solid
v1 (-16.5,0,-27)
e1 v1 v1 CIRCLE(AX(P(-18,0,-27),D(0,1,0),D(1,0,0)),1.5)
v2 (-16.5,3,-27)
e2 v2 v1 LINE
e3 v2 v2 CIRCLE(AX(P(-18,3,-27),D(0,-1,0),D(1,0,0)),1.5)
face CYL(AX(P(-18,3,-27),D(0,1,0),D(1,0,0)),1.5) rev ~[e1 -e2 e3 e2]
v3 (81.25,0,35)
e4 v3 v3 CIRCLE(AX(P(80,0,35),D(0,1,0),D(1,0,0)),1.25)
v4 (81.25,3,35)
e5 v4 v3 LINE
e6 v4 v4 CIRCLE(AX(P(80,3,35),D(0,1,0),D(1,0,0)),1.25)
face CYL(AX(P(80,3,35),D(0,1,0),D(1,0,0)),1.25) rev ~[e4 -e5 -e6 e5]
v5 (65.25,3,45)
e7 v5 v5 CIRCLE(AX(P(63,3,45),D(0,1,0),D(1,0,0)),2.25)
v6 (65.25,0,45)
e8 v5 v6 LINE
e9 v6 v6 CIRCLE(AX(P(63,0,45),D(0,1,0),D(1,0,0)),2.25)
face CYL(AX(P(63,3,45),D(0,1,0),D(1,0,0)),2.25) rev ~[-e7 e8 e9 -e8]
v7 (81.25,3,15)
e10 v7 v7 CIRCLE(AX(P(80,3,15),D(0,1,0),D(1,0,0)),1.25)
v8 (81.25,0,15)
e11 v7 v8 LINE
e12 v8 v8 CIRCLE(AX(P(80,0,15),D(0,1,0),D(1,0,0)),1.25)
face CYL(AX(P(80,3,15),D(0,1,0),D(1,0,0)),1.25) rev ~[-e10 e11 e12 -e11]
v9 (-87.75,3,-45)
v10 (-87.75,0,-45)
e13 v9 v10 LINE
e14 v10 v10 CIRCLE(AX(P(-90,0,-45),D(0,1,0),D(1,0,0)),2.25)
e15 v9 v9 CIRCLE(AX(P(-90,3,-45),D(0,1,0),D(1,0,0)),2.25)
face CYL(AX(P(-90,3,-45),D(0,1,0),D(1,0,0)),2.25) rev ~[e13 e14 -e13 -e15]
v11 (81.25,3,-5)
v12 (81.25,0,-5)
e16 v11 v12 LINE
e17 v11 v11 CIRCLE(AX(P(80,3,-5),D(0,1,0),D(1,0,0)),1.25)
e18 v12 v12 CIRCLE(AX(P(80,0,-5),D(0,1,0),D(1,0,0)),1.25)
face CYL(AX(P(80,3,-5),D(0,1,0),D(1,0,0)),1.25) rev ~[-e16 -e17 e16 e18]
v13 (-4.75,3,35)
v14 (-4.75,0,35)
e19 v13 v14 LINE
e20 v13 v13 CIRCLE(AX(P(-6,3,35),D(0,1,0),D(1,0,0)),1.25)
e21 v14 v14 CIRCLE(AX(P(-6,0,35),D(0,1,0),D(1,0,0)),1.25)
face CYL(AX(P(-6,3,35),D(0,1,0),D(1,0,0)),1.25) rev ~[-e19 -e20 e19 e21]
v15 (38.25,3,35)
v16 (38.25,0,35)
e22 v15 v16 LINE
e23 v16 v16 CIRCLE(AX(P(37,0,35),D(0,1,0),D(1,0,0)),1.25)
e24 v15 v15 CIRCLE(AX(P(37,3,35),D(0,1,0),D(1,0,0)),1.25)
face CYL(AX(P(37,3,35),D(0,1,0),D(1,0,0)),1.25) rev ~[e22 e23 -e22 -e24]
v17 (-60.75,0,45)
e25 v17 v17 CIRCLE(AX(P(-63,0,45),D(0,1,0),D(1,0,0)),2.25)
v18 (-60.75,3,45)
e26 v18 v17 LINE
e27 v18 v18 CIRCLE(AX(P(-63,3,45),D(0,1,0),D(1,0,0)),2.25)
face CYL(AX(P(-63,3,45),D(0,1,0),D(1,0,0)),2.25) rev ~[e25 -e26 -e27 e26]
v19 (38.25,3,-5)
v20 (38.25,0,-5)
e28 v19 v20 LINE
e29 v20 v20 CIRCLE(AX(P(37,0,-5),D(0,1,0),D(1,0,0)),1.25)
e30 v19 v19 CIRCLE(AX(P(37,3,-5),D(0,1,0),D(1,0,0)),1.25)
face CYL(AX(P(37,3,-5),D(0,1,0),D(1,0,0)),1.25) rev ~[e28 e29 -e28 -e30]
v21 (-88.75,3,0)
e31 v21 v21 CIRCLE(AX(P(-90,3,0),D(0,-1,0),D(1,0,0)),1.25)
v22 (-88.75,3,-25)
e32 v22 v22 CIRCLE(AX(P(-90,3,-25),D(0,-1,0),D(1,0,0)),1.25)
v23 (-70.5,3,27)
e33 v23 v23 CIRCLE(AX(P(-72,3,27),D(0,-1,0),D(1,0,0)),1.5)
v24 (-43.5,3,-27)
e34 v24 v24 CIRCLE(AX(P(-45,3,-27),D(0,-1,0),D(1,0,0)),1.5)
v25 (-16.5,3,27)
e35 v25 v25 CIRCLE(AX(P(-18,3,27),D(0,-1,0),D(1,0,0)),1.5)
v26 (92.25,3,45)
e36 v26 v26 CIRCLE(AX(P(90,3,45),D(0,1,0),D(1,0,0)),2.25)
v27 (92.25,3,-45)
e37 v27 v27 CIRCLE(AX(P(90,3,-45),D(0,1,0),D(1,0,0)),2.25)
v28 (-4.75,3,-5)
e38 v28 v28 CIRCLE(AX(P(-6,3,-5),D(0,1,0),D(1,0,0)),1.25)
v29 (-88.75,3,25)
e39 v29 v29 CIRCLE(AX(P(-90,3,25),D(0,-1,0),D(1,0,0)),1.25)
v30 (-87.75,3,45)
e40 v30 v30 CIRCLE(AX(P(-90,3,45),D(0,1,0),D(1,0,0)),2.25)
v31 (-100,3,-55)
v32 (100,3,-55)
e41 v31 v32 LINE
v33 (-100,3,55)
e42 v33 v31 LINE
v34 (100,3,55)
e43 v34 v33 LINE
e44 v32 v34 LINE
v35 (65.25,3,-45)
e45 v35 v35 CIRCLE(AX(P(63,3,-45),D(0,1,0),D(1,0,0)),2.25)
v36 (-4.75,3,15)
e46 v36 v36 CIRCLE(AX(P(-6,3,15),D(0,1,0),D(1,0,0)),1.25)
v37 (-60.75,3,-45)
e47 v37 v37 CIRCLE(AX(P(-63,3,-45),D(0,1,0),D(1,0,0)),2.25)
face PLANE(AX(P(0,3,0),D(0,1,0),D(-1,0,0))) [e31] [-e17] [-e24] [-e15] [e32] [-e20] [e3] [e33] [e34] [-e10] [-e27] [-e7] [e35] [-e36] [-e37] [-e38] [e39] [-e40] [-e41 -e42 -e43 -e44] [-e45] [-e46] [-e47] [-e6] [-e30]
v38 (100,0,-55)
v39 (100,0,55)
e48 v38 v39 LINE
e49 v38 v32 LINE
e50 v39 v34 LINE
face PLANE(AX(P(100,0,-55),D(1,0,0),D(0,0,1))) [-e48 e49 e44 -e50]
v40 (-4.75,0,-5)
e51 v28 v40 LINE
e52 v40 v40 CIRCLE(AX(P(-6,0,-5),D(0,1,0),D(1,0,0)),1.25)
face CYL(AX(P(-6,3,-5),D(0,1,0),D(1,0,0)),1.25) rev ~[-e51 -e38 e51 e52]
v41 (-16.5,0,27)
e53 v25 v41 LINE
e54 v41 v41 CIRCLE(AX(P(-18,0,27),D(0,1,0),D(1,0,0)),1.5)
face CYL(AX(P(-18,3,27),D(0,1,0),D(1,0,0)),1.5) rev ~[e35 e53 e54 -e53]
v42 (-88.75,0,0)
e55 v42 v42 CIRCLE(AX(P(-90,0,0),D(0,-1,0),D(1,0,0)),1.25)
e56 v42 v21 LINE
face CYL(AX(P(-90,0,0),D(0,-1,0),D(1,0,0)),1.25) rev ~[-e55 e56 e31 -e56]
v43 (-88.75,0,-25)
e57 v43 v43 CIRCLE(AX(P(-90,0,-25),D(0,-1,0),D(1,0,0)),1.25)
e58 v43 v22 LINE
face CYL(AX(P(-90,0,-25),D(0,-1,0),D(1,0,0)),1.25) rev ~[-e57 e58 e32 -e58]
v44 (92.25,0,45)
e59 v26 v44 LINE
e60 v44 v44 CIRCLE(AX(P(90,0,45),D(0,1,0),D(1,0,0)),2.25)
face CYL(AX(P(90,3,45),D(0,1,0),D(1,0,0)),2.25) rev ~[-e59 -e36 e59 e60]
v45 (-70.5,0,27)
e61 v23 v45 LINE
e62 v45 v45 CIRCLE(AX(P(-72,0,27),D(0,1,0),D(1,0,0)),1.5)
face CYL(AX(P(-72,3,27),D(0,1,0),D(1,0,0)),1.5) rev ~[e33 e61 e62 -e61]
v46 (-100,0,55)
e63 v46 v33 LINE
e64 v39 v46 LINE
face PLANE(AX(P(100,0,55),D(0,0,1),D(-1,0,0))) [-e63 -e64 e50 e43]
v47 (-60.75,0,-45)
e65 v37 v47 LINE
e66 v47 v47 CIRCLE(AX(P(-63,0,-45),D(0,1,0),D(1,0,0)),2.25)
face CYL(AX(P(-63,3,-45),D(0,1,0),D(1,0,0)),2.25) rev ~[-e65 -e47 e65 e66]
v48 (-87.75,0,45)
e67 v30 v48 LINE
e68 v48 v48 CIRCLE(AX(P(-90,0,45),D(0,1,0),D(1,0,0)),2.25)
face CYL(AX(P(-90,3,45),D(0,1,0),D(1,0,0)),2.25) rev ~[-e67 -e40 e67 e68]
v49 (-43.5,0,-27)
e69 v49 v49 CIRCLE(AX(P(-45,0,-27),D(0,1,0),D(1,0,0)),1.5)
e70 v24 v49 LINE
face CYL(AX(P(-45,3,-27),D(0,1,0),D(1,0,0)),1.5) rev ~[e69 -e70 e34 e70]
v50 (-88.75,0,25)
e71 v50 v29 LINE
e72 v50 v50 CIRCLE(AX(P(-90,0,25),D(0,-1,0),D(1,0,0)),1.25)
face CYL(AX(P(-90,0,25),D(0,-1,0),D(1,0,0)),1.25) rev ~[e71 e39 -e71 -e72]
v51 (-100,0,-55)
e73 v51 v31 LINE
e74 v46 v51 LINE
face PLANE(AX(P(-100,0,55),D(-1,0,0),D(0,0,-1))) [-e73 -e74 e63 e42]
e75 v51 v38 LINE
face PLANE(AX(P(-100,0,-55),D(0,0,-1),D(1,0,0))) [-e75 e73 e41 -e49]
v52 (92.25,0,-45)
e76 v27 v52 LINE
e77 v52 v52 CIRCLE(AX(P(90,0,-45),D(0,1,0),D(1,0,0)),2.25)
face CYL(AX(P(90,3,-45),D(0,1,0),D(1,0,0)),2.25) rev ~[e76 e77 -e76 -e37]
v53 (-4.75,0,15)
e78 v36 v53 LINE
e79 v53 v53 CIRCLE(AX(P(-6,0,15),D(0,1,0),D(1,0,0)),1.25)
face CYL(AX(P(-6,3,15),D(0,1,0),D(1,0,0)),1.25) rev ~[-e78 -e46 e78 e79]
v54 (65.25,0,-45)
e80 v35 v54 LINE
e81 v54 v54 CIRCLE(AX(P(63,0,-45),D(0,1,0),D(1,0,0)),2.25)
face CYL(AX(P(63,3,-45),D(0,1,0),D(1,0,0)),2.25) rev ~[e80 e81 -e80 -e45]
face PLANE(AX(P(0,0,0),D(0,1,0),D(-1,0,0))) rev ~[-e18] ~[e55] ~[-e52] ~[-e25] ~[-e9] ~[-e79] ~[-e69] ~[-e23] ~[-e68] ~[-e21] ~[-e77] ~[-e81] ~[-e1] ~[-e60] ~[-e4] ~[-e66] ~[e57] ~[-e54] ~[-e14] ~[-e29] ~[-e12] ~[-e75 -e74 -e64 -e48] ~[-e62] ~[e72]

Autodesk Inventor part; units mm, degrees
ref_plane "YZ Plane" through (0, 0, 0) normal (1, 0, 0) x (0, 1, 0)
ref_plane "XZ Plane" through (0, 0, 0) normal (0, 1, 0) x (-1, 0, 0)
ref_plane "XY Plane" through (0, 0, 0) normal (0, 0, 1) x (1, 0, 0)
sketch "Sketch1" plane through (0, 0, 0) normal (0, 1, 0) x (-1, 0, 0)
  line L0 (-100, 55) -> (100, 55)
  line L1 (100, 55) -> (100, -55)
  line L2 (100, -55) -> (-100, -55)
  line L3 (-100, -55) -> (-100, 55)
  line L4 (-100, 55) -> (100, -55) construction
  line L5 (100, 55) -> (-100, -55) construction
  point P0 (0, 0)
  dimension "d0" = 200
  dimension "d1" = 110
extrude "Extrusion1" add sketch "Sketch1" along normal blind 3
sketch "Sketch2" plane through (0, 3, 0) normal (0, 1, 0) x (1, 0, 0)
  line L0 (-100, -55) -> (100, -55) construction
  line L1 (100, -55) -> (100, -35) construction
  line L2 (100, -55) -> (100, 55) construction
  line L3 (100, -35) -> (80, -35) construction
  line L4 (80, -35) -> (37, -35) construction
  line L5 (80, -35) -> (123, -35) construction
  line L6 (37, -35) -> (-6, -35) construction
  line L7 (-6, -35) -> (-6, -15) construction
  line L8 (-6, -15) -> (-6, 5) construction
  line L9 (-6, 5) -> (37, 5) construction
  circle A0 centre (80, -35) radius 1.25
  circle A1 centre (37, -35) radius 1.25
  circle A2 centre (-6, -35) radius 1.25
  circle A3 centre (-6, -15) radius 1.25
  circle A4 centre (-6, 5) radius 1.25
  circle A5 centre (37, 5) radius 1.25
  line L10 (37, 5) -> (80, 5) construction
  line L11 (37, 5) -> (80, 5) construction
  line L12 (80, 5) -> (80, -15) construction
  circle A6 centre (80, 5) radius 1.25
  circle A7 centre (80, -15) radius 1.25
  point P0 (0, 0)
  dimension "d4" = 20
  dimension "d5" = 20
  dimension "d6" = 90
  dimension "d7" = 43
  dimension "d8" = 180
  dimension "d9" = 43
  dimension "d10" = 180
  dimension "d11" = 20
  dimension "d12" = 20
  dimension "d13" = 43
  dimension "d14" = 2.5
  dimension "d15" = 2.5
  dimension "d16" = 2.5
  dimension "d17" = 2.5
  dimension "d18" = 2.5
  dimension "d19" = 2.5
  dimension "d24" = 43
  dimension "d25" = 0
  dimension "d26" = 20
  dimension "d27" = 90
  dimension "d28" = 2.5
  dimension "d29" = 2.5
extrude "Extrusion2" cut sketch "Sketch2" against normal blind 3
sketch "Sketch3" plane through (0, 3, 0) normal (0, 1, 0) x (1, 0, 0)
  line L0 (-100, -55) -> (-100, 55) construction
  line L1 (-100, -55) -> (-100, -45) construction
  line L2 (-100, -45) -> (-90, -45) construction
  circle A0 centre (-90, -45) radius 2.25
  line L3 (-90, -45) -> (-90, 45) construction
  line L4 (100, -55) -> (-100, -55) construction
  line L5 (-90, -45) -> (0, -45) construction
  line L6 (-90, 45) -> (90, 45) construction
  line L7 (90, 45) -> (90, -45) construction
  circle A1 centre (-90, 45) radius 2.25
  circle A2 centre (90, 45) radius 2.25
  circle A3 centre (90, -45) radius 2.25
  line L8 (90, -45) -> (63, -45) construction
  line L9 (-90, -45) -> (-63, -45) construction
  line L10 (-90, 45) -> (-63, 45) construction
  line L11 (90, 45) -> (63, 45) construction
  circle A4 centre (63, 45) radius 2.25
  circle A5 centre (63, -45) radius 2.25
  circle A6 centre (-63, -45) radius 2.25
  circle A7 centre (-63, 45) radius 2.25
  point P0 (0, 0)
  dimension "d32" = 10
  dimension "d33" = 10
  dimension "d34" = 4.5
  dimension "d35" = 90
  dimension "d36" = 90
  dimension "d37" = 180
  dimension "d38" = 90
  dimension "d39" = 90
  dimension "d40" = 4.5
  dimension "d41" = 4.5
  dimension "d42" = 4.5
  dimension "d45" = 27
  dimension "d46" = 27
  dimension "d47" = 4.5
  dimension "d48" = 4.5
  dimension "d49" = 4.5
  dimension "d50" = 4.5
  dimension "d64" = 27
  dimension "d65" = 27
extrude "Extrusion4" cut sketch "Sketch3" against normal up to surface (3 mm away)
sketch "Sketch4" plane through (0, 0, 0) normal (0, -1, 0) x (1, 0, 0)
  circle A0 centre (-90, 45) radius 2.25 construction
  circle A1 centre (-63, 45) radius 2.25 construction
  circle A2 centre (-63, -45) radius 2.25 construction
  circle A3 centre (63, 45) radius 2.25 construction
  circle A4 centre (90, 45) radius 2.25 construction
  circle A5 centre (-90, -45) radius 2.25 construction
  circle A6 centre (-90, 45) radius 2.25 construction
  circle A7 centre (90, -45) radius 2.25 construction
  circle A8 centre (63, -45) radius 2.25 construction
  circle A9 centre (80, -5) radius 1.25 construction
  circle A10 centre (-6, -5) radius 1.25 construction
  circle A11 centre (-6, 35) radius 1.25 construction
  circle A12 centre (80, 35) radius 1.25 construction
  circle A13 centre (37, 35) radius 1.25 construction
  circle A14 centre (-6, 15) radius 1.25 construction
  circle A15 centre (37, -5) radius 1.25 construction
  circle A16 centre (80, 15) radius 1.25 construction
  line L0 (100, 55) -> (-100, 55) construction
  line L1 (-100, 55) -> (-100, -55) construction
  line L2 (-100, -55) -> (100, -55) construction
  line L3 (100, -55) -> (100, 55) construction
  circle A17 centre (-63, 45) radius 2.25 construction
  circle A18 centre (-63, -45) radius 2.25 construction
  circle A19 centre (63, 45) radius 2.25 construction
  circle A20 centre (90, 45) radius 2.25 construction
  circle A21 centre (-90, -45) radius 2.25 construction
  circle A22 centre (-90, 45) radius 2.25 construction
  circle A23 centre (90, -45) radius 2.25 construction
  circle A24 centre (63, -45) radius 2.25 construction
  circle A25 centre (80, -5) radius 1.25 construction
  circle A26 centre (-6, -5) radius 1.25 construction
  circle A27 centre (-6, 35) radius 1.25 construction
  circle A28 centre (80, 35) radius 1.25 construction
  circle A29 centre (37, 35) radius 1.25 construction
  circle A30 centre (-6, 15) radius 1.25 construction
  circle A31 centre (37, -5) radius 1.25 construction
  circle A32 centre (80, 15) radius 1.25 construction
  line L4 (100, 55) -> (-100, 55) construction
  line L5 (-100, 55) -> (-100, -55) construction
  line L6 (-100, -55) -> (100, -55) construction
  line L7 (100, -55) -> (100, 55) construction
  line L8 (-90, 45) -> (-90, 0) construction
  line L9 (-90, 45) -> (-45, 45) construction
  circle A33 centre (-90, 0) radius 1.25
  line L10 (-90, 0) -> (-90, 25) construction
  line L11 (-90, 0) -> (-90, -25) construction
  circle A34 centre (-90, 25) radius 1.25
  circle A35 centre (-90, -25) radius 1.25
  point P0 (0, 0)
  dimension "d55" = 45
  dimension "d56" = 90
  dimension "d57" = 2.5
  dimension "d58" = 25
  dimension "d59" = 25
  dimension "d60" = 2.5
  dimension "d61" = 2.5
  dimension "d90" = 10
extrude "Extrusion5" cut sketch "Sketch4" against normal up to surface (3 mm away)
sketch "Sketch5" plane through (0, 3, 0) normal (0, 1, 0) x (1, 0, 0)
  line L0 (-100, -55) -> (100, -55) projected
  line L1 (-71.5, -55) -> (-43.5, -55) construction
  line L2 (-72, -27) -> (-72, 27)
  line L3 (-72, 27) -> (-45, 27)
  line L4 (-72, 27) -> (-45, 27) construction
  line L5 (-72, -27) -> (-18, -27)
  line L6 (-72, -27) -> (-18, -27) construction
  circle A0 centre (-72, -27) radius 1.5
  circle A1 centre (-18, -27) radius 1.5
  circle A2 centre (-45, 27) radius 1.5
  circle A3 centre (-90, -25) radius 1.25 projected
  circle A4 centre (-90, 25) radius 1.25 projected
  circle A5 centre (-90, 0) radius 1.25 projected
  circle A6 centre (-63, -45) radius 2.25 projected
  circle A7 centre (-63, 45) radius 2.25 projected
  circle A8 centre (63, -45) radius 2.25 projected
  circle A9 centre (90, -45) radius 2.25 projected
  circle A10 centre (-90, 45) radius 2.25 projected
  circle A11 centre (-90, -45) radius 2.25 projected
  circle A12 centre (90, 45) radius 2.25 projected
  circle A13 centre (63, 45) radius 2.25 projected
  circle A14 centre (80, 5) radius 1.25 projected
  circle A15 centre (-6, 5) radius 1.25 projected
  circle A16 centre (-6, -35) radius 1.25 projected
  circle A17 centre (80, -35) radius 1.25 projected
  circle A18 centre (37, -35) radius 1.25 projected
  circle A19 centre (-6, -15) radius 1.25 projected
  circle A20 centre (37, 5) radius 1.25 projected
  circle A21 centre (80, -15) radius 1.25 projected
  line L7 (-100, -55) -> (100, -55) projected
  line L8 (100, -55) -> (100, 55) projected
  line L9 (100, 55) -> (-100, 55) projected
  line L10 (-100, 55) -> (-100, -55) projected
  line L11 (-45, 27) -> (-18, 27)
  line L12 (-45, 27) -> (-18, 27) construction
  circle A22 centre (-18, 27) radius 1.5
  point P0 (0, 0)
  dimension "d70" = 54
  dimension "d72" = 27
  dimension "d73" = 0
  dimension "d74" = 54
  dimension "d75" = 0
  dimension "d76" = 3
  dimension "d77" = 3
  dimension "d79" = 3
  dimension "d82" = 12
  dimension "d83" = 28
  dimension "d84" = 90
  dimension "d85" = 27
  dimension "d86" = 0
  dimension "d87" = 3
extrude "Extrusion8" cut sketch "Sketch5" against normal blind 10 contours L5 A0 L2 | L2 A0 L5 | A22 | A2 L11 L3 | L3 L11 A2 | A1
properties part number "foot"
